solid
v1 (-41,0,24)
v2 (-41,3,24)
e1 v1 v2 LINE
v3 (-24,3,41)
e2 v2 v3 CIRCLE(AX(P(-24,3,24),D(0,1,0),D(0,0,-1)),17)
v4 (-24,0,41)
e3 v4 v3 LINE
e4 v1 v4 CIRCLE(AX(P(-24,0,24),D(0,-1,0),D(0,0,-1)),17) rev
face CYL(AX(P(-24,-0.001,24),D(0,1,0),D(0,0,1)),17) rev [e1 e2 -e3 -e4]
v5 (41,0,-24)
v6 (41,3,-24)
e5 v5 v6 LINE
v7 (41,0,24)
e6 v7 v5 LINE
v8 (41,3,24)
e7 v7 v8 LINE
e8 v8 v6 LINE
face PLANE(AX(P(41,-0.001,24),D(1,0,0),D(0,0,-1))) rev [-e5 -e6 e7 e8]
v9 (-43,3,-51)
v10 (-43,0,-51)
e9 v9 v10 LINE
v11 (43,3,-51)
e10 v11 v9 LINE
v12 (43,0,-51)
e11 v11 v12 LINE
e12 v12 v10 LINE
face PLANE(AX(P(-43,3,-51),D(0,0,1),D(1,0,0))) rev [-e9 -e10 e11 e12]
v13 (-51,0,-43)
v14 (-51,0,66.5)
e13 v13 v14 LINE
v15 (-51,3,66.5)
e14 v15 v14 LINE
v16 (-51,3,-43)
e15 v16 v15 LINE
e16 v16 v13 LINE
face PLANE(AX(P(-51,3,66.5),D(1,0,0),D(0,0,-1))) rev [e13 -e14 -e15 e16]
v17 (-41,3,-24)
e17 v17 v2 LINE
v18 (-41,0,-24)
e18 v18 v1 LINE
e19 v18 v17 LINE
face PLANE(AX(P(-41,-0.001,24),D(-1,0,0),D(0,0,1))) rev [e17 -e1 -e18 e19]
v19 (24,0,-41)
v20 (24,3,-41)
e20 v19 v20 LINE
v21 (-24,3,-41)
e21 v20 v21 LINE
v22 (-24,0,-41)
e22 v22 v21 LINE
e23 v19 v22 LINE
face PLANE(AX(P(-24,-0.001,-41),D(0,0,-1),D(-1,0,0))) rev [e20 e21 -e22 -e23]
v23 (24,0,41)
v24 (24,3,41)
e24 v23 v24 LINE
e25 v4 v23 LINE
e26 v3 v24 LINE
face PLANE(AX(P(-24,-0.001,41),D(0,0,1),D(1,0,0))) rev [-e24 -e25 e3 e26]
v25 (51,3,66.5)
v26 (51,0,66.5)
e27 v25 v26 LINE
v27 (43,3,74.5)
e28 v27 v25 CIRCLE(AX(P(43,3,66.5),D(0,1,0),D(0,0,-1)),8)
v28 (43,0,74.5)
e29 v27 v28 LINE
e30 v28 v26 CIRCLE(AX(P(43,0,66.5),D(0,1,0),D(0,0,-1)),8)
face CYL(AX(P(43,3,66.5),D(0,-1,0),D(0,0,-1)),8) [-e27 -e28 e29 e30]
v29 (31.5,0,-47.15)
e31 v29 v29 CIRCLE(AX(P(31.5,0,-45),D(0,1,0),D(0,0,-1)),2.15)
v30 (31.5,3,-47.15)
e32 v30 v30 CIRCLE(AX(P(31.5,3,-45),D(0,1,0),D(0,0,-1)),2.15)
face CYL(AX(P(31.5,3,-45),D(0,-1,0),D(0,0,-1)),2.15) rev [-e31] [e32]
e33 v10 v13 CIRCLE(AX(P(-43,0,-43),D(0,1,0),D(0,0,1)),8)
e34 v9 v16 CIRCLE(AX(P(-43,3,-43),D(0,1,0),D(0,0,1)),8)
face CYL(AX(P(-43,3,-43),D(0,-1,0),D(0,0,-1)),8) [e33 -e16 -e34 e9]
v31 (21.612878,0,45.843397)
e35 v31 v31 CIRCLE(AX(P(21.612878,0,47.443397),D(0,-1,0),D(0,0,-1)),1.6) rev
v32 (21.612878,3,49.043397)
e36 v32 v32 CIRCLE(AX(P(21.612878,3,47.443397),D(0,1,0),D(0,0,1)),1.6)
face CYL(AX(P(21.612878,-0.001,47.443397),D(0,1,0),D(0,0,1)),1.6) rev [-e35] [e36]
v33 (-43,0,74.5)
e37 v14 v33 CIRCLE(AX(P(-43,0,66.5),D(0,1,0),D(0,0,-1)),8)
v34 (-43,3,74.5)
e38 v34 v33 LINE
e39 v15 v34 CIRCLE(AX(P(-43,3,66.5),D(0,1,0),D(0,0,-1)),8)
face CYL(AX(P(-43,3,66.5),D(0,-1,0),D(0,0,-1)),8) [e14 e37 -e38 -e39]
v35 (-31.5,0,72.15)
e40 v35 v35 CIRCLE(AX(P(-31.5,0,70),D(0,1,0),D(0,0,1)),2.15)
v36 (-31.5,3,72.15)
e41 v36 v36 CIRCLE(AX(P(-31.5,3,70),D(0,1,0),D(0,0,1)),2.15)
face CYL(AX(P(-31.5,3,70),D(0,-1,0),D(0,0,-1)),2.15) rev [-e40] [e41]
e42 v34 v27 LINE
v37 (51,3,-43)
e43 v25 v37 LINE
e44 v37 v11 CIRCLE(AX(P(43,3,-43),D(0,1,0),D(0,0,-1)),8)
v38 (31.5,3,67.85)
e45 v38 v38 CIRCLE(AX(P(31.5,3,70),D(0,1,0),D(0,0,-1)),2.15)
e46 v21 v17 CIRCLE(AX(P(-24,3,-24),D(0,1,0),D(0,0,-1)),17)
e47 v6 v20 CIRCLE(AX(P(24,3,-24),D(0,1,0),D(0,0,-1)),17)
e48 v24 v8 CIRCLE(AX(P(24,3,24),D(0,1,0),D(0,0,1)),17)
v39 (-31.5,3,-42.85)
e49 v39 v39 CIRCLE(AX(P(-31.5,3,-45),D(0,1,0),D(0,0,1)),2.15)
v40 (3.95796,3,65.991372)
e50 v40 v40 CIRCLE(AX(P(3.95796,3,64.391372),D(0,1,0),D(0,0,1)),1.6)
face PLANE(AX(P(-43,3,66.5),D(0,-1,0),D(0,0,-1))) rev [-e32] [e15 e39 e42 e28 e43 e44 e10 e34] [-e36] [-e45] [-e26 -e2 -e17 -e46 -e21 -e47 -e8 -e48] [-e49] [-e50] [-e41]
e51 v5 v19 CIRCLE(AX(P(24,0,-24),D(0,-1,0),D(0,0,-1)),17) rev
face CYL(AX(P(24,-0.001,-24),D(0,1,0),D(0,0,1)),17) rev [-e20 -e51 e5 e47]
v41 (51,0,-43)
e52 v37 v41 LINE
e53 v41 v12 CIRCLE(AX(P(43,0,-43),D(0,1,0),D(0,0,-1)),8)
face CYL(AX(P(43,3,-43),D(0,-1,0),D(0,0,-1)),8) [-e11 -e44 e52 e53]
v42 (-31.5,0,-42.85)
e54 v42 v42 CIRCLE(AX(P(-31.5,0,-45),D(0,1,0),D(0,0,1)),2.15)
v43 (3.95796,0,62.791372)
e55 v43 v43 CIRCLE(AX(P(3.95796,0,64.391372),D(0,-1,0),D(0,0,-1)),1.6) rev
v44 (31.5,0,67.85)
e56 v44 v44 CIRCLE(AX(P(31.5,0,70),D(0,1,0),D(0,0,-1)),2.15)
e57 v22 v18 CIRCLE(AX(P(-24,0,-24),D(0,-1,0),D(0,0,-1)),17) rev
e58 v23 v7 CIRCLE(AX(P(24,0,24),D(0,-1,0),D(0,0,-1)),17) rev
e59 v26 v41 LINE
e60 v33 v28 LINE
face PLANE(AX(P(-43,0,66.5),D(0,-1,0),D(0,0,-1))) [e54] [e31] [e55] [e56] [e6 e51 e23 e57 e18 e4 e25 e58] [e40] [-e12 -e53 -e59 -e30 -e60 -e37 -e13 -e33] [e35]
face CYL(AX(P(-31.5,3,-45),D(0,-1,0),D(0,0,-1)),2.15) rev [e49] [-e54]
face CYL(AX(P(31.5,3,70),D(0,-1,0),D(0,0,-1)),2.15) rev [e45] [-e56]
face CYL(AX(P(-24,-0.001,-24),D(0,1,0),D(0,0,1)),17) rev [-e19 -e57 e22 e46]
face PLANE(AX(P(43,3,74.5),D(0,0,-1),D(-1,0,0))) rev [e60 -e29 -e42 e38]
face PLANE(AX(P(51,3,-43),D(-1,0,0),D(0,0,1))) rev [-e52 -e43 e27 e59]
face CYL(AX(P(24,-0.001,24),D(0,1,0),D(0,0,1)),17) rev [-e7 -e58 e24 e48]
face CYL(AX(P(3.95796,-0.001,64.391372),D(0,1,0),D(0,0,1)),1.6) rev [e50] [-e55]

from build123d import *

# Parameters (mm, degrees)
SKETCH1_R           = 2.15
BOSS_EXTRUDE1_DEPTH = 3
CUT_EXTRUDE1_REACH  = 5
CUT_EXTRUDE2_REACH  = 5
SKETCH5_R           = 1.6


with BuildPart() as part:
    # Sketch1 → Boss-Extrude1 (new body)
    with BuildSketch(Plane(origin=(0, 0, 0), x_dir=(1, 0, 0), z_dir=(0, 1, 0))):
        with BuildLine():
            Line((-43, 51), (43, 51))
            ThreePointArc((43, 51), (48.656854249, 48.656854249), (51, 43))
            Line((51, 43), (51, -66.5))
            ThreePointArc((51, -66.5), (48.656854249, -72.156854249), (43, -74.5))
            Line((43, -74.5), (-43, -74.5))
            ThreePointArc((-43, -74.5), (-48.656854249, -72.156854249), (-51, -66.5))
            Line((-51, -66.5), (-51, 43))
            ThreePointArc((-51, 43), (-48.656854249, 48.656854249), (-43, 51))
        make_face()
        with Locations((-31.5, 45)):
            Circle(SKETCH1_R, mode=Mode.SUBTRACT)
        with Locations((31.5, 45)):
            Circle(SKETCH1_R, mode=Mode.SUBTRACT)
        with Locations((-31.5, -70)):
            Circle(SKETCH1_R, mode=Mode.SUBTRACT)
        with Locations((31.5, -70)):
            Circle(SKETCH1_R, mode=Mode.SUBTRACT)
    extrude(amount=BOSS_EXTRUDE1_DEPTH)

    # Sketch3 → Cut-Extrude1 (cut, up to next)
    with BuildSketch(Plane(origin=(0, 3, 0), x_dir=(1, 0, 0), z_dir=(0, 1, 0)), mode=Mode.PRIVATE) as cut_extrude1_sk1:
        with BuildLine():
            Line((-24, -41), (24, -41))
            ThreePointArc((24, -41), (36.02081528, -36.02081528), (41, -24))
            Line((41, -24), (41, 24))
            ThreePointArc((41, 24), (36.02081528, 36.02081528), (24, 41))
            Line((24, 41), (-24, 41))
            ThreePointArc((-24, 41), (-36.02081528, 36.02081528), (-41, 24))
            Line((-41, 24), (-41, -24))
            ThreePointArc((-41, -24), (-36.02081528, -36.02081528), (-24, -41))
        make_face()
    cut_extrude1_tool1 = extrude(cut_extrude1_sk1.sketch, amount=-CUT_EXTRUDE1_REACH, mode=Mode.PRIVATE) & part.part
    add(cut_extrude1_tool1.solids().sort_by_distance((0, 3, 0))[0], mode=Mode.SUBTRACT)

    # Sketch5 → Cut-Extrude2 (cut, up to next)
    with BuildSketch(Plane(origin=(0, 3, 0), x_dir=(1, 0, 0), z_dir=(0, 1, 0)), mode=Mode.PRIVATE) as cut_extrude2_sk1:
        with Locations((21.612877951, -47.443396553)):
            Circle(SKETCH5_R)
    cut_extrude2_tool1 = extrude(cut_extrude2_sk1.sketch, amount=-CUT_EXTRUDE2_REACH, mode=Mode.PRIVATE) & part.part
    add(cut_extrude2_tool1.solids().sort_by_distance((21.612878, 3, 47.443397))[0], mode=Mode.SUBTRACT)
    # Sketch5 → Cut-Extrude2 (cut, up to next)
    with BuildSketch(Plane(origin=(0, 3, 0), x_dir=(1, 0, 0), z_dir=(0, 1, 0)), mode=Mode.PRIVATE) as cut_extrude2_sk2:
        with Locations((3.957960008, -64.39137202)):
            Circle(SKETCH5_R)
    cut_extrude2_tool2 = extrude(cut_extrude2_sk2.sketch, amount=-CUT_EXTRUDE2_REACH, mode=Mode.PRIVATE) & part.part
    add(cut_extrude2_tool2.solids().sort_by_distance((3.95796, 3, 64.391372))[0], mode=Mode.SUBTRACT)


solid = part.part
